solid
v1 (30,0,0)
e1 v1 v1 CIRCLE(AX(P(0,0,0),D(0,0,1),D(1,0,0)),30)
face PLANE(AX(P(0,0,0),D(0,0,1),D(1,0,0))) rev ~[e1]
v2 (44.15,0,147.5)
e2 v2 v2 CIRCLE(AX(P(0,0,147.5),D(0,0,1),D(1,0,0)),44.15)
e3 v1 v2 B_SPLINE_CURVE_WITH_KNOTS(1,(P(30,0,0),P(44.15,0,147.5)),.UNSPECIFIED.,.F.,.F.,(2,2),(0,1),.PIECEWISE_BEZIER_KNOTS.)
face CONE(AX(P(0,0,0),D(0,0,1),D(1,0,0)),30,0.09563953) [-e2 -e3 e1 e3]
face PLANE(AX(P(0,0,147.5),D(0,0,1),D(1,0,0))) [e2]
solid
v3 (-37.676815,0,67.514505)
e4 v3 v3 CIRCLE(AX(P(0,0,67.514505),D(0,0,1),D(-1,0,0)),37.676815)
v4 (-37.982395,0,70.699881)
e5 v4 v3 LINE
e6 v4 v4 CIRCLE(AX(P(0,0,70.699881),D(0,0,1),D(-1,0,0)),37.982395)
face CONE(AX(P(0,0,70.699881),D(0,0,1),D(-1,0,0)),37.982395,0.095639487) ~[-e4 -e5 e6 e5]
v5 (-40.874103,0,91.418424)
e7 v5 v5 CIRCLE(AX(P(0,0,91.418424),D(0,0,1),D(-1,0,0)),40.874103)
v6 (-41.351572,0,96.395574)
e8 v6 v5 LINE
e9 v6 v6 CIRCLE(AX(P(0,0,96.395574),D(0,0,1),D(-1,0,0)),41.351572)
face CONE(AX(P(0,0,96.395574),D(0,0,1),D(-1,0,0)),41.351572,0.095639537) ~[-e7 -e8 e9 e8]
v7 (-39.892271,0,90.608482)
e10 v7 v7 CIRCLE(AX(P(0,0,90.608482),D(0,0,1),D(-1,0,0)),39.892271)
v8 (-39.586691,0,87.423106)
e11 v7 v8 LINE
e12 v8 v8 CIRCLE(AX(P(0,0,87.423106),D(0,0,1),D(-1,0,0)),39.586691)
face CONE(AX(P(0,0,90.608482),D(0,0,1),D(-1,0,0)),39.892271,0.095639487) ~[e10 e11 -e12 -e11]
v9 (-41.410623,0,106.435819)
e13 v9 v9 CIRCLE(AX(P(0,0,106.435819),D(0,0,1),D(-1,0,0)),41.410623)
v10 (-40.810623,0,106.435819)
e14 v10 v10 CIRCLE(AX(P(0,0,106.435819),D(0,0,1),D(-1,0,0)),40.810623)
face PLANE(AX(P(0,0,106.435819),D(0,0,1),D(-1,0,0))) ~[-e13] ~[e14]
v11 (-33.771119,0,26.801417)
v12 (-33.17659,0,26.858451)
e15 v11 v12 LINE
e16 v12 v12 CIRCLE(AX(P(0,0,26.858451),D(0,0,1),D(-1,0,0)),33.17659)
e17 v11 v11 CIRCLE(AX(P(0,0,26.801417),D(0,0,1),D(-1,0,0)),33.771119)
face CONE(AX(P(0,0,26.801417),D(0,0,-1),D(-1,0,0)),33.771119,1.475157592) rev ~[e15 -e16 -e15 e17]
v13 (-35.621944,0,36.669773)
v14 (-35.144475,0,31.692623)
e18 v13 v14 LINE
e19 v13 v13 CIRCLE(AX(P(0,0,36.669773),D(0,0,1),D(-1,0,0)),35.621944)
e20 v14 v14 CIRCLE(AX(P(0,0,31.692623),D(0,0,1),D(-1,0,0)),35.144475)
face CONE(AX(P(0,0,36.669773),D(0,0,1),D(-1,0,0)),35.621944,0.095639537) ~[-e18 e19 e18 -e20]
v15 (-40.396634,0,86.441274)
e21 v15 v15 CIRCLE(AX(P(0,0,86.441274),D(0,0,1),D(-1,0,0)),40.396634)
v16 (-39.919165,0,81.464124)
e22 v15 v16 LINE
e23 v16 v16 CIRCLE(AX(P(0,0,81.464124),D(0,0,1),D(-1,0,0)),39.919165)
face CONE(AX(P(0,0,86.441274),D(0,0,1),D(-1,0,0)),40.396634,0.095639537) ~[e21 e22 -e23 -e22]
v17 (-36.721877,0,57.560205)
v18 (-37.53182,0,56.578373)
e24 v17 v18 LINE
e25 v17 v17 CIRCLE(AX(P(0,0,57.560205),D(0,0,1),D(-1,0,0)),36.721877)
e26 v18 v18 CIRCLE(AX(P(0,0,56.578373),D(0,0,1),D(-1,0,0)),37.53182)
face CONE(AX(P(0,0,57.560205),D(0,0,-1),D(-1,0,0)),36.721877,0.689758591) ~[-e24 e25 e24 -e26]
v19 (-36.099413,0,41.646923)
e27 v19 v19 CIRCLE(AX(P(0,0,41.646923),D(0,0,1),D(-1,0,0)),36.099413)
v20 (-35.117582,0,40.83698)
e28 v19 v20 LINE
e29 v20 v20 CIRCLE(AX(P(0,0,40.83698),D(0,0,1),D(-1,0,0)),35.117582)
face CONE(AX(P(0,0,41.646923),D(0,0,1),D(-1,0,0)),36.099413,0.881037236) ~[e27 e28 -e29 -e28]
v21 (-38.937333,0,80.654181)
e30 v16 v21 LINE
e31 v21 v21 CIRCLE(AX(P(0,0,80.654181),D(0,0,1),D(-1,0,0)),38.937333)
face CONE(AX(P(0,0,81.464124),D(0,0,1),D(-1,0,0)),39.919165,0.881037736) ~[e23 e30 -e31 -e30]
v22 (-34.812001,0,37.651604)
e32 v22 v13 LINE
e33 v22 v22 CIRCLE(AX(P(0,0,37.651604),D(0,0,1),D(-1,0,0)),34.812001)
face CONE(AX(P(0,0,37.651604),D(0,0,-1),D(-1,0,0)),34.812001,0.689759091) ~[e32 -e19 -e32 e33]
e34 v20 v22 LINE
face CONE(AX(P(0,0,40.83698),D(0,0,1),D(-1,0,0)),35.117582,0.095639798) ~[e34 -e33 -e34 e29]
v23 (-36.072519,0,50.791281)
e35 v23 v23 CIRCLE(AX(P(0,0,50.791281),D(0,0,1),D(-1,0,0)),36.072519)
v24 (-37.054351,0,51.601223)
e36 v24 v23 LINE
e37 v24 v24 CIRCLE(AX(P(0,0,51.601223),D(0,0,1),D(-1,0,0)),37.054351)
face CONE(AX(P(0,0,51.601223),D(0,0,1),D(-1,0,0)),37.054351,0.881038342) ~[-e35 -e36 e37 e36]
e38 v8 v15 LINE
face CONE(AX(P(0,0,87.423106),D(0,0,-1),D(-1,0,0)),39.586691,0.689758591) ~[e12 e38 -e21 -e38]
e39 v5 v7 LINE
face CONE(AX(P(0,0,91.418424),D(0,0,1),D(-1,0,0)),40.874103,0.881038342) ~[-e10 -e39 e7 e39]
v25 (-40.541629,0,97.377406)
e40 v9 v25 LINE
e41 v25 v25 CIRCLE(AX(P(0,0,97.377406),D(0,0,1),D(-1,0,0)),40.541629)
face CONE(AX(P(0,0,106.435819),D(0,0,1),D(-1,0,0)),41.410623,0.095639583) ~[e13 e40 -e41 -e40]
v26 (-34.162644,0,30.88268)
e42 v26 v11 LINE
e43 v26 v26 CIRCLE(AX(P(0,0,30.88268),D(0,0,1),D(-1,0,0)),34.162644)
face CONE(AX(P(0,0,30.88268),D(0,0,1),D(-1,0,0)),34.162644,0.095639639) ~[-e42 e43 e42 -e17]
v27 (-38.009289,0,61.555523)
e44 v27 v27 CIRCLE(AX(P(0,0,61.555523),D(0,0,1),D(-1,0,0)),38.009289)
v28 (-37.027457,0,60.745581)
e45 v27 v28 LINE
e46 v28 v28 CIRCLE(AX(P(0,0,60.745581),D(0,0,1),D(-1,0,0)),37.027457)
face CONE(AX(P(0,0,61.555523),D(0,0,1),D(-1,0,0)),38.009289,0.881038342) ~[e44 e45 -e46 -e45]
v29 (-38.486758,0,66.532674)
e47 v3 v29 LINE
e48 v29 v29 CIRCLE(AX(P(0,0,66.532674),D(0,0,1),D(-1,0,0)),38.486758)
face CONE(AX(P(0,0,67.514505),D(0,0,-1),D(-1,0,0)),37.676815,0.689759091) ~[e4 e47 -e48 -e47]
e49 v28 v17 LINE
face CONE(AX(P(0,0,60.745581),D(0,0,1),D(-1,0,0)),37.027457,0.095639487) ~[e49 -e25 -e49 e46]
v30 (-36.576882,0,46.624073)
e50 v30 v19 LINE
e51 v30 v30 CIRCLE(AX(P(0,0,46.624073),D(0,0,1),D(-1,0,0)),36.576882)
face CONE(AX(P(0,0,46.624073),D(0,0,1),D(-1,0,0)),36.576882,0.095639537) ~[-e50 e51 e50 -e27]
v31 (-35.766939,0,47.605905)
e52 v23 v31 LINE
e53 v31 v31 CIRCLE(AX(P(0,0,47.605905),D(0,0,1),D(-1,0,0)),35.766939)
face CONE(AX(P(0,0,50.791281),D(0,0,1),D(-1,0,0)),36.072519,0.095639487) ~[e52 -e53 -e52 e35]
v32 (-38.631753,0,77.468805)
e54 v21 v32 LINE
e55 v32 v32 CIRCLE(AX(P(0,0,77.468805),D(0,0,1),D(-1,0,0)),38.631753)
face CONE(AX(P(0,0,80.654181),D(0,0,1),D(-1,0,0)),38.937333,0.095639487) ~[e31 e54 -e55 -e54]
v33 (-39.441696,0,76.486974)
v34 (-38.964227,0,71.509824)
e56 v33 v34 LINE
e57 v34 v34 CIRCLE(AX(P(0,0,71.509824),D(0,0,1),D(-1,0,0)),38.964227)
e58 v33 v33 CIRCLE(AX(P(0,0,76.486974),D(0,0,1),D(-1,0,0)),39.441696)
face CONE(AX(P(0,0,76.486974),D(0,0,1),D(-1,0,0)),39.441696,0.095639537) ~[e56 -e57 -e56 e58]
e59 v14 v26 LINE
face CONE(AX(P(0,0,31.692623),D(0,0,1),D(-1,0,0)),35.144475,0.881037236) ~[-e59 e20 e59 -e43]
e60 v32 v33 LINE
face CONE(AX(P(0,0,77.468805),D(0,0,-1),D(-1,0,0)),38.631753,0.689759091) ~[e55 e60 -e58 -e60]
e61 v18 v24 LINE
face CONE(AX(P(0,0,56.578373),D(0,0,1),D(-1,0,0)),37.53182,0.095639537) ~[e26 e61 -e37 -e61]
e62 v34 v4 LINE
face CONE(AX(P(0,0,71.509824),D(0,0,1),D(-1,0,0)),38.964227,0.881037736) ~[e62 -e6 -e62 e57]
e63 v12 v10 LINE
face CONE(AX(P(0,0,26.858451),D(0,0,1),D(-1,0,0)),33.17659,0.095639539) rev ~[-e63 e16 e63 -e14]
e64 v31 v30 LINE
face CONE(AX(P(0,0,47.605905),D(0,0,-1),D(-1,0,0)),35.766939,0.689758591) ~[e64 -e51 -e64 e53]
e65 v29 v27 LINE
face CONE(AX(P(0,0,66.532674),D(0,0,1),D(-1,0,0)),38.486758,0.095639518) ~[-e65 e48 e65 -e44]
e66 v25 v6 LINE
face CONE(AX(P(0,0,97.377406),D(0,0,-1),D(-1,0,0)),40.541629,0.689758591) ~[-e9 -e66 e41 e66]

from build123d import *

# Parameters (mm, degrees)
F0_R = 30
F2_R = 44.15


with BuildPart() as f3:
    # F0 (on Top) → F3 section 0
    with BuildSketch(Plane.XY):
        Circle(F0_R)
    # F2 (on offset) → F3 section 1
    with BuildSketch(Plane.XY.offset(147.5)):
        Circle(F2_R)
    loft()


with BuildPart() as f5:
    # F4 (on Front) → F5 (revolve)
    with BuildSketch(Plane.XZ):
        Polygon((-39.892271, 90.608482), (-40.541629, 97.377406), (-41.351572, 96.395574), (-40.874103, 91.418424), align=None)
        Polygon((-33.17659, 26.858451), (-40.810623, 106.435819), (-41.410623, 106.435819), (-40.541629, 97.377406), (-39.892271, 90.608482), (-39.586691, 87.423106), (-38.937333, 80.654181), (-38.631753, 77.468805), (-37.982395, 70.699881), (-37.676815, 67.514505), (-37.027457, 60.745581), (-36.721877, 57.560205), (-36.072519, 50.791281), (-35.766939, 47.605905), (-35.117582, 40.83698), (-34.812001, 37.651604), (-34.162644, 30.88268), (-33.771119, 26.801417), align=None)
        Polygon((-38.937333, 80.654181), (-39.586691, 87.423106), (-40.396634, 86.441274), (-39.919165, 81.464124), align=None)
        Polygon((-37.027457, 60.745581), (-37.676815, 67.514505), (-38.486758, 66.532674), (-38.009289, 61.555523), align=None)
        Polygon((-37.982395, 70.699881), (-38.631753, 77.468805), (-39.441696, 76.486974), (-38.964227, 71.509824), align=None)
        Polygon((-37.054351, 51.601223), (-36.072519, 50.791281), (-36.721877, 57.560205), (-37.53182, 56.578373), align=None)
        Polygon((-36.099413, 41.646923), (-35.117582, 40.83698), (-35.766939, 47.605905), (-36.576882, 46.624073), align=None)
        Polygon((-35.144475, 31.692623), (-34.162644, 30.88268), (-34.812001, 37.651604), (-35.621944, 36.669773), align=None)
    revolve(axis=Axis((0, 0, 73.75), (0, 0, 1)))


solid = Compound([f3.part, f5.part])
